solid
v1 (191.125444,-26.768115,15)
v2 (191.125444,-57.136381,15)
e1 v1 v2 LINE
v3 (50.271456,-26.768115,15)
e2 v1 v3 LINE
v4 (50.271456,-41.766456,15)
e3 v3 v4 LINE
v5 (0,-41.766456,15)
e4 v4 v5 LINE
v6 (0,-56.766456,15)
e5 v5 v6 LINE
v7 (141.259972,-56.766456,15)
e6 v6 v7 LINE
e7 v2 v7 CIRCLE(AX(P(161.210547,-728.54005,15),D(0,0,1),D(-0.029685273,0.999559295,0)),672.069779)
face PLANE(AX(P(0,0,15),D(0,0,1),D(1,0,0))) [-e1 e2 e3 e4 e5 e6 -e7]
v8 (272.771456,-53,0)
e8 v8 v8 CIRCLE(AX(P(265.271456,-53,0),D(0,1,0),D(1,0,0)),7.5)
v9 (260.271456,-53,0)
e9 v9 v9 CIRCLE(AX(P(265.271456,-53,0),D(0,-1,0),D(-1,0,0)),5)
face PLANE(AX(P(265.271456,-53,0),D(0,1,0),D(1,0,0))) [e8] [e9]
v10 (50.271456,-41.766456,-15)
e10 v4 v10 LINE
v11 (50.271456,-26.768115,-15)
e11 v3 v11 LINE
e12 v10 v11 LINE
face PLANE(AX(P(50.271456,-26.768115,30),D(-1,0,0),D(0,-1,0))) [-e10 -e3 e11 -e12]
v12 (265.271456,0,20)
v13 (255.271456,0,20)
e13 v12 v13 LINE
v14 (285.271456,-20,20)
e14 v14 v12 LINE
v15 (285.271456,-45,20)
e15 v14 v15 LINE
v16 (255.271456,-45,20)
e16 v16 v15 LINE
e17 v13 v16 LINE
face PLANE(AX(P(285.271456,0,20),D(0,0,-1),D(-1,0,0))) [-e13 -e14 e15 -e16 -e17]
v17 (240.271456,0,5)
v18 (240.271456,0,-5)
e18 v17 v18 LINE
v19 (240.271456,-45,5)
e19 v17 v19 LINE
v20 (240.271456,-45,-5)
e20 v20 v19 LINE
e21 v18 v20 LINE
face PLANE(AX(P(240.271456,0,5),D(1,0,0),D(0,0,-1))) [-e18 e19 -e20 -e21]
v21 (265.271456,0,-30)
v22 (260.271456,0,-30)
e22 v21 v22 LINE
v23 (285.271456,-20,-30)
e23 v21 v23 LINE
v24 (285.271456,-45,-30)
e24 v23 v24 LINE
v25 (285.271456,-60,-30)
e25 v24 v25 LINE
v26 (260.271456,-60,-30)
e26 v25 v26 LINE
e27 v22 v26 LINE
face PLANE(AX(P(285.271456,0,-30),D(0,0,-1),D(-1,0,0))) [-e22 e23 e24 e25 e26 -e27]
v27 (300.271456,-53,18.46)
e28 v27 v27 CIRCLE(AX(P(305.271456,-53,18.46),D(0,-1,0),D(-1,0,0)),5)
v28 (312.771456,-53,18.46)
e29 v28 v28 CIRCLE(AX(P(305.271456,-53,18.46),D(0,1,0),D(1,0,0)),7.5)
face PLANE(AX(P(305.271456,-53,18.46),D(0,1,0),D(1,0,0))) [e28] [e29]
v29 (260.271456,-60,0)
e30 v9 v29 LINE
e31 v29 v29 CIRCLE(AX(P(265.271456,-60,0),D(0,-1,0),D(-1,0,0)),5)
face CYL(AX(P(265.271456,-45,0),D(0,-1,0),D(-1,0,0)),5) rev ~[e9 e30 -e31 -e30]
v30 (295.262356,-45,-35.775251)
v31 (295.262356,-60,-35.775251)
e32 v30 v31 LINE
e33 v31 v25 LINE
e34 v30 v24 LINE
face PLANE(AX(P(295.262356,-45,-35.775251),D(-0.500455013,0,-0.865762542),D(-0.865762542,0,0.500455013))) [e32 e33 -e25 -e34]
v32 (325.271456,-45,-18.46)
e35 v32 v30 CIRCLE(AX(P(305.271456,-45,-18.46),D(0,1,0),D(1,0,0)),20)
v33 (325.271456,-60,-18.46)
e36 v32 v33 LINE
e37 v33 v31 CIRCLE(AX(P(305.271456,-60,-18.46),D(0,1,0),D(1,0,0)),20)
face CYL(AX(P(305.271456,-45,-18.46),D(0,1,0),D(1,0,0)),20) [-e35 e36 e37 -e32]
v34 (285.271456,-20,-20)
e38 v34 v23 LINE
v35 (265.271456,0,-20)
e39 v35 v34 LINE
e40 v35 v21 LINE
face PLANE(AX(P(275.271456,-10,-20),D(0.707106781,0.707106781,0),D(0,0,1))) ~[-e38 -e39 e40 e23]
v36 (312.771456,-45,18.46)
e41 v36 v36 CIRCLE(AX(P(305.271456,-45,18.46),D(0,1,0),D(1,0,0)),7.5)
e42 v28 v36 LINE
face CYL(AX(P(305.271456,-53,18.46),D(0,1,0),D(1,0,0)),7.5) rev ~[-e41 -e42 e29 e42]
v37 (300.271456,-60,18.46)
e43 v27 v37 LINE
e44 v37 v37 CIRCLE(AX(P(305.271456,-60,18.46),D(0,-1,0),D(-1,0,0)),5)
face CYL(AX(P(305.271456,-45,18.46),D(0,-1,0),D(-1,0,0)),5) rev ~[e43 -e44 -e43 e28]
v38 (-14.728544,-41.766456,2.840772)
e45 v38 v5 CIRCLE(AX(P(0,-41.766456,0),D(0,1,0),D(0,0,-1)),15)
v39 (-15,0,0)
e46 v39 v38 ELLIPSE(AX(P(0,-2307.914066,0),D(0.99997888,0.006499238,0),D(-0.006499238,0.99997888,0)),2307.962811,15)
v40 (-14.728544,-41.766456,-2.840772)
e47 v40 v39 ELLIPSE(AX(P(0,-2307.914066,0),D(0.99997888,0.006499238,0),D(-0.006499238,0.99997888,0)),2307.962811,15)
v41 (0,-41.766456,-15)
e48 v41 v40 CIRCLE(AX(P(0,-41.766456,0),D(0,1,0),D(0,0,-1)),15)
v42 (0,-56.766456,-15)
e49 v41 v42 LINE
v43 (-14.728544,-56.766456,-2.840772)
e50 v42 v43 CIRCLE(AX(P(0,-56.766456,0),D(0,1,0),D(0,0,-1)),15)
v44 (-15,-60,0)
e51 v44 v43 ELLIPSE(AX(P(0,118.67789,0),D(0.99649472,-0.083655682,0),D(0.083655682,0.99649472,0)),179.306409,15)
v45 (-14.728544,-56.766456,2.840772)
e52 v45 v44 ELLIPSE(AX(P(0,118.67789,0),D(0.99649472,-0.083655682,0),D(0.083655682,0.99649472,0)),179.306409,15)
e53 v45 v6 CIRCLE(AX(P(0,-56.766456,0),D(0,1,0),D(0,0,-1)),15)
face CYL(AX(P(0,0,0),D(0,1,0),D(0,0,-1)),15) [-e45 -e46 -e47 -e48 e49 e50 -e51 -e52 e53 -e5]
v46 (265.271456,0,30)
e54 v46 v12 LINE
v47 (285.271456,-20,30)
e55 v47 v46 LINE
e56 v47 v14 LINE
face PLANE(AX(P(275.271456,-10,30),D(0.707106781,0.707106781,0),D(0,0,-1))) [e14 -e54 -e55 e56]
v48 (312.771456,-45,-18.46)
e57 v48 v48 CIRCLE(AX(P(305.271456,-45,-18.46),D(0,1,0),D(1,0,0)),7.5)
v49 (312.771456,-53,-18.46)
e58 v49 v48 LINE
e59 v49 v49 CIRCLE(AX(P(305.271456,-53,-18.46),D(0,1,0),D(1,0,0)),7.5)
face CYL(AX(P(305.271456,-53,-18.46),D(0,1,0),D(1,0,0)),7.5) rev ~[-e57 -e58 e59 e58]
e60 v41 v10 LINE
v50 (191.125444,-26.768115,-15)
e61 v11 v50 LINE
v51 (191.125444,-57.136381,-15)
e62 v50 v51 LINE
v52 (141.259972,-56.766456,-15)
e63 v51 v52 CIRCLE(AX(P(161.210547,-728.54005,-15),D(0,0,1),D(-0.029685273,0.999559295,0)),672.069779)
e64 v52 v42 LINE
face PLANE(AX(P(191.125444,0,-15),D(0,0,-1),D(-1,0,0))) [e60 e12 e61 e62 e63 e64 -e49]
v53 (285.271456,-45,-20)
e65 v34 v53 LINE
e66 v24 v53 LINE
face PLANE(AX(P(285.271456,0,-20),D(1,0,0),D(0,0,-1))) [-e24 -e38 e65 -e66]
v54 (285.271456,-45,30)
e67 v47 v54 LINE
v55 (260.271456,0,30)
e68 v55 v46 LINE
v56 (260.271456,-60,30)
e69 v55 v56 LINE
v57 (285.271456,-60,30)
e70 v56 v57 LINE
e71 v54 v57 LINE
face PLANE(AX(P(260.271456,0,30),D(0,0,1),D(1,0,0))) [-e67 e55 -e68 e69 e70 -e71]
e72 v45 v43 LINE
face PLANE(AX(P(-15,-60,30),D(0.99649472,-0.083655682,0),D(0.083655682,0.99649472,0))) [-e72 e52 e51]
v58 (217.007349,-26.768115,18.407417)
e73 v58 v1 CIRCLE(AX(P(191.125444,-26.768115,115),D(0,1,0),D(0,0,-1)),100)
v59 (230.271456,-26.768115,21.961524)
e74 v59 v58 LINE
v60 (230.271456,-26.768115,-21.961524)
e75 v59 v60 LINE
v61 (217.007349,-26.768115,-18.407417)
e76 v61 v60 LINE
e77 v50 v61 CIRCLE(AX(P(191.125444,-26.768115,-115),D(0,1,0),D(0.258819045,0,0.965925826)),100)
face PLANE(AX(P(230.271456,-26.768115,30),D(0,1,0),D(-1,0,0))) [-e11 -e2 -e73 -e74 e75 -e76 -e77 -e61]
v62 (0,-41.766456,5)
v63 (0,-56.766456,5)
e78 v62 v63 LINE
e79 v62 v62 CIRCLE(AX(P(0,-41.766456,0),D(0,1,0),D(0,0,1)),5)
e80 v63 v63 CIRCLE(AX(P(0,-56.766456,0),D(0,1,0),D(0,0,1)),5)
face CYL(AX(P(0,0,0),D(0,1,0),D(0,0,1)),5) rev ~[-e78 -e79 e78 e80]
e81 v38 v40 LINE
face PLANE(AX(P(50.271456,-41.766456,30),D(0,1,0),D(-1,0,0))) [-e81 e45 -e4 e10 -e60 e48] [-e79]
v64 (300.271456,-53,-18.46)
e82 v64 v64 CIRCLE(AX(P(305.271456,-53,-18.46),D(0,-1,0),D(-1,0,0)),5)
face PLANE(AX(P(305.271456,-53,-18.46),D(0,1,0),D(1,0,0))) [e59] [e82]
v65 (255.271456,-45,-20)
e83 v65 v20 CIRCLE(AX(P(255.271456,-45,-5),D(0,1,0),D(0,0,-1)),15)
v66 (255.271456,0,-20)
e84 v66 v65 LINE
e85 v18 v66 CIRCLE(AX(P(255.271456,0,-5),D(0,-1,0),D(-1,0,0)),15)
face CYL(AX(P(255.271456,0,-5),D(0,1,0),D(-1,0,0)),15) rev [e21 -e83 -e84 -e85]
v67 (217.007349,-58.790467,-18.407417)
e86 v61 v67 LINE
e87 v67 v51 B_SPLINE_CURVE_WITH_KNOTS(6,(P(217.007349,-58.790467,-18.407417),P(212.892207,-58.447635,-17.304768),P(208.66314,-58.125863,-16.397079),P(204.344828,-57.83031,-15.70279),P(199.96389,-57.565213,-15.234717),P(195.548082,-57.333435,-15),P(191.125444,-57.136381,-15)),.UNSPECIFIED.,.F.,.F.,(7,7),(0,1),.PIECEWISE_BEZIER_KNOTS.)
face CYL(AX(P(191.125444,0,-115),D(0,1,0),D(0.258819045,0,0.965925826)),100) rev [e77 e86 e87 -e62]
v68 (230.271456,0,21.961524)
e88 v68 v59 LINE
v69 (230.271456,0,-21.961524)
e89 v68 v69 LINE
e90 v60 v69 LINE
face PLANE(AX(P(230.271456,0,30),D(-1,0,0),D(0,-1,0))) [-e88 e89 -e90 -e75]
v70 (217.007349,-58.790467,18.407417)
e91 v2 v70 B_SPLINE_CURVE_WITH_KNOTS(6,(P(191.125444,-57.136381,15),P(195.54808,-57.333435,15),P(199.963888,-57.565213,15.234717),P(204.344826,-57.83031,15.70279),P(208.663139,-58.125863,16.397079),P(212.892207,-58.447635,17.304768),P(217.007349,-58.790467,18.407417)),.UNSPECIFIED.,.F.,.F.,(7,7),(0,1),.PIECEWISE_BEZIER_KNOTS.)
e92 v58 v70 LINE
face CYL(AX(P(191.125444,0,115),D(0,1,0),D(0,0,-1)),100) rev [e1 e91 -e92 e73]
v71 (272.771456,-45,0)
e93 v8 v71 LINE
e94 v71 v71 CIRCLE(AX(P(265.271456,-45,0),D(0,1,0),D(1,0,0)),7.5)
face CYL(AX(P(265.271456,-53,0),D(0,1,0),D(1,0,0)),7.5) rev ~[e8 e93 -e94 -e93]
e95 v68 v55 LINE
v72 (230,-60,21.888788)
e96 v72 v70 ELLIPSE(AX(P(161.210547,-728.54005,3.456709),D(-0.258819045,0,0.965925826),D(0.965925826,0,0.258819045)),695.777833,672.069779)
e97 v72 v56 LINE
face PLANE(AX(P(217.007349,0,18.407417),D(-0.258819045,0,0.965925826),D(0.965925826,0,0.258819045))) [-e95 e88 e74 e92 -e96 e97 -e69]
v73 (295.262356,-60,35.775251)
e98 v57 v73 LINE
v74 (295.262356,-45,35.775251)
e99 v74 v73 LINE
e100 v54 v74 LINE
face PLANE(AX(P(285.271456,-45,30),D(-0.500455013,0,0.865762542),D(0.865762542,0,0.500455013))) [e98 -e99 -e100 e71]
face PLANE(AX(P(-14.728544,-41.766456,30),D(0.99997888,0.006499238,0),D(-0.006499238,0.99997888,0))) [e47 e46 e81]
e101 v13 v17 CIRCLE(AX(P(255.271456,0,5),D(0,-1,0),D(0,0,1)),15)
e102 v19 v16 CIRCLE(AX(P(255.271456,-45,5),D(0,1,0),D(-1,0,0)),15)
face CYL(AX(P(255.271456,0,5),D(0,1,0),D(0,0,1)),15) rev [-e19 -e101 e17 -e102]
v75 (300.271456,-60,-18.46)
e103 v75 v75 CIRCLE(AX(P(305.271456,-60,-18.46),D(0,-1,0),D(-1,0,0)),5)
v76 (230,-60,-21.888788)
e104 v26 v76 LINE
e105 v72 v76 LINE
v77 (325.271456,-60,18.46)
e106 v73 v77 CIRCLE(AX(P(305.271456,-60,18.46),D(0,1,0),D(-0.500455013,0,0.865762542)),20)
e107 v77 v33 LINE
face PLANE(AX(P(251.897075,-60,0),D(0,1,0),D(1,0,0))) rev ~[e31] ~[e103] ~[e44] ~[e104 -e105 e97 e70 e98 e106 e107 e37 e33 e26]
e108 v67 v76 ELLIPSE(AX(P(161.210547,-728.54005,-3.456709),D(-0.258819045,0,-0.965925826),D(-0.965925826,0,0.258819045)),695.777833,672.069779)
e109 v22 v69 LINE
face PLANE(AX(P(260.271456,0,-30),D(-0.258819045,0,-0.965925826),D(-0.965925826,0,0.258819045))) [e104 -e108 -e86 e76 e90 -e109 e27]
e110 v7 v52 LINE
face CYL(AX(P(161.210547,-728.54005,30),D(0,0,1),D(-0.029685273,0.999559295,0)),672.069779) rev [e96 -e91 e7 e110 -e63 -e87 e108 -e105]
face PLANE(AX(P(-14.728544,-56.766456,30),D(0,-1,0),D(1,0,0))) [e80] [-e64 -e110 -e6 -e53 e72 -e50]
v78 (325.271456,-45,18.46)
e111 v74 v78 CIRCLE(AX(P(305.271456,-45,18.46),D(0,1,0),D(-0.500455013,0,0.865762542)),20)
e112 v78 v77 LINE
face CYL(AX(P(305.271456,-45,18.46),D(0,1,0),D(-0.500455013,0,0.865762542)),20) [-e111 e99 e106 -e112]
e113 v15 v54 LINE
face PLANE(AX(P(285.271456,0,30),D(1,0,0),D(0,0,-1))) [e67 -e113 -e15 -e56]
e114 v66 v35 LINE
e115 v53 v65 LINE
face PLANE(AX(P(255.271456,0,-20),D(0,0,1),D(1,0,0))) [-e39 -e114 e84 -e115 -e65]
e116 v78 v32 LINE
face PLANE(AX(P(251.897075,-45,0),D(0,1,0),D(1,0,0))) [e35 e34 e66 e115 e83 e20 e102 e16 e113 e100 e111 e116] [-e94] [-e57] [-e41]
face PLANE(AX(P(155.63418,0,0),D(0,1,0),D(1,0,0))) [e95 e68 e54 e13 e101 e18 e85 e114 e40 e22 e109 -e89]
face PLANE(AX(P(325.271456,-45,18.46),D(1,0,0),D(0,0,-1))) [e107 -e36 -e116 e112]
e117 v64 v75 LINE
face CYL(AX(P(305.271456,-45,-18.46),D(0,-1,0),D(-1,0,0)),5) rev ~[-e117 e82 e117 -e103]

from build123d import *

# Parameters (mm, degrees)
SKETCH1_R                               = 5
BOSS_EXTRUDE1_DEPTH                     = 60
BOSS_EXTRUDE2_START                     = 15
BOSS_EXTRUDE2_DEPTH                     = 15
CBORE_FOR_M5_HEX_HEAD_BOLT1_D           = 10
CBORE_FOR_M5_HEX_HEAD_BOLT1_CBORE_D     = 15
CBORE_FOR_M5_HEX_HEAD_BOLT1_CBORE_DEPTH = 8
CHAMFER1_SIZE                           = 20
CUT_EXTRUDE3_DEPTH                      = 338.769583605


with BuildPart() as part:
    # Sketch1 → Boss-Extrude1 (new body)
    with BuildSketch(Plane(origin=(0, 0, 0), x_dir=(1, 0, 0), z_dir=(0, 1, 0))):
        with BuildLine():
            ThreePointArc((0, 15), (-15, 0), (0, -15))
            Line((0, -15), (179, -15))
            Line((179, -15), (191.125444005, -15))
            ThreePointArc((191.125444005, -15), (204.178063227, -15.855513863), (217.007348515, -18.407417371))
            Line((217.007348515, -18.407417371), (260.271455877, -30))
            Line((260.271455877, -30), (285.271455877, -30))
            Line((285.271455877, -30), (285.271455877, -20))
            Line((285.271455877, -20), (255.271455877, -20))
            ThreePointArc((255.271455877, -20), (244.66485416, -15.606601718), (240.271455877, -5))
            Line((240.271455877, -5), (240.271455877, 5))
            ThreePointArc((240.271455877, 5), (244.66485416, 15.606601718), (255.271455877, 20))
            Line((255.271455877, 20), (285.271455877, 20))
            Line((285.271455877, 20), (285.271455877, 30))
            Line((285.271455877, 30), (260.271455877, 30))
            Line((260.271455877, 30), (217.007348515, 18.407417371))
            ThreePointArc((217.007348515, 18.407417371), (204.178063227, 15.855513863), (191.125444005, 15))
            Line((191.125444005, 15), (0, 15))
        make_face()
        with Locations(Location((0, 0, 0), (0, 0, 270))):
            Circle(SKETCH1_R, mode=Mode.SUBTRACT)
    extrude(amount=-BOSS_EXTRUDE1_DEPTH)

    # Sketch4 → Boss-Extrude2 (add)
    with BuildSketch(Plane(origin=(0, -60, 0), x_dir=(1, 0, 0), z_dir=(0, 1, 0)).offset(BOSS_EXTRUDE2_START)):
        with BuildLine():
            Line((260.271455877, -20), (260.271455877, 20))
            Line((260.271455877, 20), (255.271455877, 20))
            ThreePointArc((255.271455877, 20), (244.66485416, 15.606601718), (240.271455877, 5))
            Line((240.271455877, 5), (240.271455877, -5))
            ThreePointArc((240.271455877, -5), (244.66485416, -15.606601718), (255.271455877, -20))
            Line((255.271455877, -20), (260.271455877, -20))
        make_face()
        with BuildLine():
            Line((325.271455877, -18.46), (325.271455877, 18.46))
            ThreePointArc((325.271455877, 18.46), (315.266904712, 35.783134895), (295.262355618, 35.77525085))
            Line((295.262355618, 35.77525085), (285.271455877, 30))
            Line((285.271455877, 30), (285.271455877, 20))
            Line((285.271455877, 20), (260.271455877, 20))
            Line((260.271455877, 20), (260.271455877, -20))
            Line((260.271455877, -20), (285.271455877, -20))
            Line((285.271455877, -20), (285.271455877, -30))
            Line((285.271455877, -30), (295.262355618, -35.77525085))
            ThreePointArc((295.262355618, -35.77525085), (315.266904712, -35.783134895), (325.271455877, -18.46))
        make_face()
    extrude(amount=-BOSS_EXTRUDE2_DEPTH)

    # CBORE for M5 Hex Head Bolt1 (through all)
    with Locations(Plane(origin=(0, -45, 0), x_dir=(1, 0, 0), z_dir=(0, 1, 0))):
        with Locations((265.271455877, 0), (305.271455877, 18.46), (305.271455877, -18.46)):
            CounterBoreHole(CBORE_FOR_M5_HEX_HEAD_BOLT1_D / 2, CBORE_FOR_M5_HEX_HEAD_BOLT1_CBORE_D / 2, CBORE_FOR_M5_HEX_HEAD_BOLT1_CBORE_DEPTH)

    # Chamfer1
    chamfer1_edges = [part.edges().sort_by_distance(p)[0] for p in [
        (285.271455877, 0, -25),
        (285.271455877, 0, 25),
    ]]
    chamfer(chamfer1_edges, length=CHAMFER1_SIZE)

    # Sketch9 → Cut-Extrude3 (cut, through all)
    with BuildSketch(Plane.XY.offset(30)):
        Polygon((-15, 0), (230.271455877, 0), (230.271455877, -26.768114978), (50.271455877, -26.768114978), (50.271455877, -41.766455786), (-14.728544123, -41.766455786), align=None)
        with BuildLine():
            ThreePointArc((141.259972199, -56.766455786), (185.683449524, -56.91600014), (230, -60))
            Line((230, -60), (-15, -60))
            Line((-15, -60), (-14.728544123, -56.766455786))
            Line((-14.728544123, -56.766455786), (141.259972199, -56.766455786))
        make_face()
    extrude(amount=-CUT_EXTRUDE3_DEPTH, mode=Mode.SUBTRACT)


solid = part.part
